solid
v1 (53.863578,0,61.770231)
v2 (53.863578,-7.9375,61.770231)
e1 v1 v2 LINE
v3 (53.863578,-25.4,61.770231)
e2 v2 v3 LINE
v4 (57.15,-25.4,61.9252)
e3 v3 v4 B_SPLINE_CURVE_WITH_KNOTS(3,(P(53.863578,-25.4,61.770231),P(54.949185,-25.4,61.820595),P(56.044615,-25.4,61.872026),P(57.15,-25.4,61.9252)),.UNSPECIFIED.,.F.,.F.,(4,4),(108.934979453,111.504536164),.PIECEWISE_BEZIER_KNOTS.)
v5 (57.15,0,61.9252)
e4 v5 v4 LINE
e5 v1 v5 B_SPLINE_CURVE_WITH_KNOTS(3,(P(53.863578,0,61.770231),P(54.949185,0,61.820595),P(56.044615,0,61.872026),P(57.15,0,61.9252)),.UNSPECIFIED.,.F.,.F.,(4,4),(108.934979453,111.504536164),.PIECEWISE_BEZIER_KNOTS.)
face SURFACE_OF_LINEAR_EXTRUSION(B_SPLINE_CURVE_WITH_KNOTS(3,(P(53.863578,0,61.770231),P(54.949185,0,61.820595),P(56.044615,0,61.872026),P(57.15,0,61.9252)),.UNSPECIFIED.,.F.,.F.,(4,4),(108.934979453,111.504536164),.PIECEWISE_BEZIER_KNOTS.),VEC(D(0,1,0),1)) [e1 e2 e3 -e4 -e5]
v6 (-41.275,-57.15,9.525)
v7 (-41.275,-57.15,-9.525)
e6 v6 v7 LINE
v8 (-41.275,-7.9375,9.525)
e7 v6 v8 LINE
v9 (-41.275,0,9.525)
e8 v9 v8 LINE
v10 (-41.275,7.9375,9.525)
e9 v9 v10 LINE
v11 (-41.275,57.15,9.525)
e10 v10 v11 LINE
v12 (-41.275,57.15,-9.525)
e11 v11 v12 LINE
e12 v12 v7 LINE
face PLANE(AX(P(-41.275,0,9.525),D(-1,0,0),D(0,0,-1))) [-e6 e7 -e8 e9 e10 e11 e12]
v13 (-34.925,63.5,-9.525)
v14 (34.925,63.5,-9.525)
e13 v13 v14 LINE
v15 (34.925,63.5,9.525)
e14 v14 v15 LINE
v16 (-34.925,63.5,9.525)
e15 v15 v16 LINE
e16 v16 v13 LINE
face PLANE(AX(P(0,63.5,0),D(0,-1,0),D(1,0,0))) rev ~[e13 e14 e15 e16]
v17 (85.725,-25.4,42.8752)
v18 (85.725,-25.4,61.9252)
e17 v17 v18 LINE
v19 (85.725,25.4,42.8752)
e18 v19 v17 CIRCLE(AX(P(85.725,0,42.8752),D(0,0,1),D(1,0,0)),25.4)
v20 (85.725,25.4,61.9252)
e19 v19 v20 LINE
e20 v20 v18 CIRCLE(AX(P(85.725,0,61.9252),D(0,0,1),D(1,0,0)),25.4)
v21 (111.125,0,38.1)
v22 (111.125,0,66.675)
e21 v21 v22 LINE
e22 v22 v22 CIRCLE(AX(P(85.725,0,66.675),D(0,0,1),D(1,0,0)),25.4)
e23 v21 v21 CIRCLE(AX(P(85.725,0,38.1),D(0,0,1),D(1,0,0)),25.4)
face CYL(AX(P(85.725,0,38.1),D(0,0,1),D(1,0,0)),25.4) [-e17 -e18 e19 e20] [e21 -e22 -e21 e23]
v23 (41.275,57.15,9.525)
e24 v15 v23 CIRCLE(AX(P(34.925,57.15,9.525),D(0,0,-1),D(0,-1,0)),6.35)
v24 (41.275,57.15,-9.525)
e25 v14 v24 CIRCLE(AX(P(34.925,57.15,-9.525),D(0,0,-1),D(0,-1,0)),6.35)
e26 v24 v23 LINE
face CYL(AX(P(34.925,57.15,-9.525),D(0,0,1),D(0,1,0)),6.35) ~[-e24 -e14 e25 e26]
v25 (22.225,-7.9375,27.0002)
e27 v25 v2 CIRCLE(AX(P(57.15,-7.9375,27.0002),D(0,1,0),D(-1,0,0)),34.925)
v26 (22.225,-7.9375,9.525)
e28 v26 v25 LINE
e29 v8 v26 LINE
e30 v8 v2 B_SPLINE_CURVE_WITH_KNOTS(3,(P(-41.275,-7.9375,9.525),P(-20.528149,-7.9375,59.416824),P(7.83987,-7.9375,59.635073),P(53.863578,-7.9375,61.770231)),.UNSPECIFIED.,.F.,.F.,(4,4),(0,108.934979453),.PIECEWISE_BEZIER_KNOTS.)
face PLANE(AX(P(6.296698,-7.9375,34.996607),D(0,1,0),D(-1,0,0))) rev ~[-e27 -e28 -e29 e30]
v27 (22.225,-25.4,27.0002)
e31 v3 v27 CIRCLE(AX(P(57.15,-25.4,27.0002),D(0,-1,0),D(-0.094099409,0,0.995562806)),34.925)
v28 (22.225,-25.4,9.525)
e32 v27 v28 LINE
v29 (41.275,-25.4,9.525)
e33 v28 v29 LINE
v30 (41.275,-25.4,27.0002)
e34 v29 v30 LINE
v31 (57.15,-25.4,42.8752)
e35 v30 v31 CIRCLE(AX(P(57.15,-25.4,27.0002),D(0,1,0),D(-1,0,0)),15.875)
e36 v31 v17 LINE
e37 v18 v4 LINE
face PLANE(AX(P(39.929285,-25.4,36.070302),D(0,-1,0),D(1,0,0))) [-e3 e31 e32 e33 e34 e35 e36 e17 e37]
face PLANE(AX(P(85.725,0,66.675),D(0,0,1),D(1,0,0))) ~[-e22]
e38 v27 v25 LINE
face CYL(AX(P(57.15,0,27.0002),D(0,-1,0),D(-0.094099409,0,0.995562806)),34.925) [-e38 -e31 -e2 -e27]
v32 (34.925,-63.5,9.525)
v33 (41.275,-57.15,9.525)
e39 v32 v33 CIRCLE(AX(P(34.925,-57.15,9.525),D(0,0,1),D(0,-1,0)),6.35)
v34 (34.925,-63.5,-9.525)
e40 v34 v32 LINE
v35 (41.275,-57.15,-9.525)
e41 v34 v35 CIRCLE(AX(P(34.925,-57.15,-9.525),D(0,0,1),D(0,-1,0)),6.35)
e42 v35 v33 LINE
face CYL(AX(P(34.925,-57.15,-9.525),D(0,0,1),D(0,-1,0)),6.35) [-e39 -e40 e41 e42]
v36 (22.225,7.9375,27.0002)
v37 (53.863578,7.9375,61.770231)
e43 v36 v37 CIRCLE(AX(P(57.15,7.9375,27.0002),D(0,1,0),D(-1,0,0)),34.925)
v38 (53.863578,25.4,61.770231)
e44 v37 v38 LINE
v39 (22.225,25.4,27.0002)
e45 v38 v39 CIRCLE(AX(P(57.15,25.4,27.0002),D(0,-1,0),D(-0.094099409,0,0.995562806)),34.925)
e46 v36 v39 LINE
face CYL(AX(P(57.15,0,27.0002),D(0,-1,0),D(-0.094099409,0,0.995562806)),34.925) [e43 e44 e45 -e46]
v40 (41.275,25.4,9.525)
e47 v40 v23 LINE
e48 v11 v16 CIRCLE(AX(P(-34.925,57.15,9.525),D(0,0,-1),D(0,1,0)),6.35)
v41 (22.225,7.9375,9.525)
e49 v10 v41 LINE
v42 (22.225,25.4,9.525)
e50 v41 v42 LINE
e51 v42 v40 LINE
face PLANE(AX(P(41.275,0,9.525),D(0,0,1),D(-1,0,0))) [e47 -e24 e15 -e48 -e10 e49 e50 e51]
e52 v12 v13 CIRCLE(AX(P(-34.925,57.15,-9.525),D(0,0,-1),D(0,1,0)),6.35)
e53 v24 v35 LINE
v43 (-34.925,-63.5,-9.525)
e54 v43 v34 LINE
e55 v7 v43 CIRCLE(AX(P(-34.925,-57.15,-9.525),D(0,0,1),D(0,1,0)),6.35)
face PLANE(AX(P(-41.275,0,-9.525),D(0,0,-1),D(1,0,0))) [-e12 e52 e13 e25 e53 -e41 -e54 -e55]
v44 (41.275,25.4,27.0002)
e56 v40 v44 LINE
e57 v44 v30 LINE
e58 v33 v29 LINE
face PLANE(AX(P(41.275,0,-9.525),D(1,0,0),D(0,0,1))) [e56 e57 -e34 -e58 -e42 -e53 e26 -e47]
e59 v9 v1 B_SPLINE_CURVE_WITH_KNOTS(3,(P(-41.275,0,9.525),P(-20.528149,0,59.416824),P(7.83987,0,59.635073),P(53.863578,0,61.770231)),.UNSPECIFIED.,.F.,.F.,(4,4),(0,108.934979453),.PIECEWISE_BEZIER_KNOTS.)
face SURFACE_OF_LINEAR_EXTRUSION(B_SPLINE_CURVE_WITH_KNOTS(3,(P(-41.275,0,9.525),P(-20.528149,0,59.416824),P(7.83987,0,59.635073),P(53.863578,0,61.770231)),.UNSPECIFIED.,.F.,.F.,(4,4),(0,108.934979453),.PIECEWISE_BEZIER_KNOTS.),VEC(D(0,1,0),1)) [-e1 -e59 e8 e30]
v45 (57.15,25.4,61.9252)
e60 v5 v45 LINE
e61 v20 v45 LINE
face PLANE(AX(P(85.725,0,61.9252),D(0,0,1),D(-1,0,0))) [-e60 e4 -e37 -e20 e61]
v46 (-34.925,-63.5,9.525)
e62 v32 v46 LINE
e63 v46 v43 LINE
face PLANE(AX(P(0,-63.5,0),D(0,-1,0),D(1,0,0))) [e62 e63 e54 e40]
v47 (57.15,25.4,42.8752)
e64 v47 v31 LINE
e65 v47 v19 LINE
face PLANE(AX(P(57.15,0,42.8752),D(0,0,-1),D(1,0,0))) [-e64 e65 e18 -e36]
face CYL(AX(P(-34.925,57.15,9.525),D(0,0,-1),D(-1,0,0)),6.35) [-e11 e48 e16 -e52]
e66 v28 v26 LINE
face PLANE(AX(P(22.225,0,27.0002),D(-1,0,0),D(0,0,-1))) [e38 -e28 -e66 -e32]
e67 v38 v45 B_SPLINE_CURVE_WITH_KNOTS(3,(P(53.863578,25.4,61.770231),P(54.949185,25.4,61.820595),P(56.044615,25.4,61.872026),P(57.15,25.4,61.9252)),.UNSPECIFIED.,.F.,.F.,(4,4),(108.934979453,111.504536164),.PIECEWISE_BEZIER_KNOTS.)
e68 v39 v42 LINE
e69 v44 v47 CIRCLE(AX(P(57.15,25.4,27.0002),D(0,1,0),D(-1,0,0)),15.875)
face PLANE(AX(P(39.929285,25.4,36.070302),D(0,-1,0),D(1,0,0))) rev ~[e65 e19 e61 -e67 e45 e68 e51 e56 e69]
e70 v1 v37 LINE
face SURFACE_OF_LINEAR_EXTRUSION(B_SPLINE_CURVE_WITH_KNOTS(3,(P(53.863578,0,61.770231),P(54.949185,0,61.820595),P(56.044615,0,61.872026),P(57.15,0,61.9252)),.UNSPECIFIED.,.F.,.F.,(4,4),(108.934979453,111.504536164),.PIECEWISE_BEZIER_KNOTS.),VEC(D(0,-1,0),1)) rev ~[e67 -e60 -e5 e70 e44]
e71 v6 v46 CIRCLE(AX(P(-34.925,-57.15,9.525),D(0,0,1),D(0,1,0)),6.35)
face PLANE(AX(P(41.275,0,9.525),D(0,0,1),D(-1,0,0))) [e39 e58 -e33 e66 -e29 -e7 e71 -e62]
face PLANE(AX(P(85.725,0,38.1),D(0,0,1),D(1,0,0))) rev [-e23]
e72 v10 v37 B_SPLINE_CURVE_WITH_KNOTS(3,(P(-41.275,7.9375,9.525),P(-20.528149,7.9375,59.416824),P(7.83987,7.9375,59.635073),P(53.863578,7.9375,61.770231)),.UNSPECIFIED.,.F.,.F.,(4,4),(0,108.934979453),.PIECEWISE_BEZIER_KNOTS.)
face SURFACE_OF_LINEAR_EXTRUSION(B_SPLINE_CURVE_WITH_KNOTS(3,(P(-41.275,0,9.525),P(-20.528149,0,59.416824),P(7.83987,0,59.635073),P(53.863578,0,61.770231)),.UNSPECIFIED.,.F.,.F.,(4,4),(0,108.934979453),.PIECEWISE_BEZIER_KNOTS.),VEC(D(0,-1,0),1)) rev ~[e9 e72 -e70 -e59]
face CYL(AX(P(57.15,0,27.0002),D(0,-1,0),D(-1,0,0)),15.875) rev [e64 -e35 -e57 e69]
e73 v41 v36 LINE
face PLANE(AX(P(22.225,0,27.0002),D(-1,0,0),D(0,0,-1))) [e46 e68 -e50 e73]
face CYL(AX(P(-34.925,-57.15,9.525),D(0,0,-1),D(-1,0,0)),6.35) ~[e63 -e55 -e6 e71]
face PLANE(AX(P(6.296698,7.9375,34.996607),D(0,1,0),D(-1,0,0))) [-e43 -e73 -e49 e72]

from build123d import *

# Parameters (mm, degrees)
F1_DEPTH = 63.5
F0_W     = 25.4
F0_H     = 19.05
F2_DEPTH = 25.4
F0_H_2   = 4.7498
F0_H_3   = 4.7752
F4_DEPTH = 7.9375
F5_R     = 6.35


with BuildPart() as f1:
    # F0 (on Front) → F1 (new body, symmetric)
    with BuildSketch(Plane.XZ):
        Polygon((-41.275, 9.525), (-41.275, -9.525), (41.275, -9.525), (41.275, 9.525), (22.225, 9.525), align=None)
    extrude(amount=F1_DEPTH, both=True)

    # F0 (on Front) → F2 (join, symmetric)
    with BuildSketch(Plane.XZ):
        with BuildLine():
            Line((22.225, 9.525), (41.275, 9.525))
            Line((41.275, 9.525), (41.275, 27.0002))
            ThreePointArc((41.275, 27.0002), (45.9246798487, 38.2255201513), (57.15, 42.8752))
            Line((57.15, 42.8752), (60.325, 42.8752))
            Line((60.325, 42.8752), (60.325, 61.9252))
            Line((60.325, 61.9252), (57.15, 61.9252))
            add(Edge.make_bspline(
                [(53.8635781544, 61.7702310102), (54.9491847021, 61.8205950904), (56.0446147523, 61.8720257258), (57.15, 61.9252)],
                knots=[108.9349794531, 108.9349794531, 108.9349794531, 108.9349794531, 111.5045361635, 111.5045361635, 111.5045361635, 111.5045361635], degree=3))
            ThreePointArc((53.8635781544, 61.7702310102), (31.3184891271, 50.5052775583), (22.225, 27.0002))
            Line((22.225, 27.0002), (22.225, 9.525))
        make_face()
        with Locations((73.025, 52.4002)):
            Rectangle(F0_W, F0_H)
    extrude(amount=F2_DEPTH, both=True)

    # F0 (on Front) → F3 (revolve)
    with BuildSketch(Plane.XZ):
        with Locations((98.425, 64.3001)):
            Rectangle(F0_W, F0_H_2)
        with Locations((98.425, 40.4876)):
            Rectangle(F0_W, F0_H_3)
        with Locations((98.425, 52.4002)):
            Rectangle(F0_W, F0_H)
    revolve(axis=Axis((85.725, 0, 52.3875), (0, 0, 1)))

    # F0 (on Front) → F4 (join, symmetric)
    with BuildSketch(Plane.XZ):
        with BuildLine():
            add(Edge.make_bspline(
                [(-41.275, 9.525), (-20.5281487987, 59.4168244671), (7.8398704502, 59.6350728281), (53.8635781544, 61.7702310102)],
                knots=[0, 0, 0, 0, 108.9349794531, 108.9349794531, 108.9349794531, 108.9349794531], degree=3))
            Line((-41.275, 9.525), (22.225, 9.525))
            Line((22.225, 9.525), (22.225, 27.0002))
            ThreePointArc((22.225, 27.0002), (31.3184891271, 50.5052775583), (53.8635781544, 61.7702310102))
        make_face()
    extrude(amount=F4_DEPTH, both=True)

    # F5
    f5_edges = [f1.edges().sort_by_distance(p)[0] for p in [
        (41.275, -63.5, 0),
        (-41.275, -63.5, 0),
        (41.275, 63.5, 0),
        (-41.275, 63.5, 0),
    ]]
    fillet(f5_edges, radius=F5_R)


solid = f1.part
